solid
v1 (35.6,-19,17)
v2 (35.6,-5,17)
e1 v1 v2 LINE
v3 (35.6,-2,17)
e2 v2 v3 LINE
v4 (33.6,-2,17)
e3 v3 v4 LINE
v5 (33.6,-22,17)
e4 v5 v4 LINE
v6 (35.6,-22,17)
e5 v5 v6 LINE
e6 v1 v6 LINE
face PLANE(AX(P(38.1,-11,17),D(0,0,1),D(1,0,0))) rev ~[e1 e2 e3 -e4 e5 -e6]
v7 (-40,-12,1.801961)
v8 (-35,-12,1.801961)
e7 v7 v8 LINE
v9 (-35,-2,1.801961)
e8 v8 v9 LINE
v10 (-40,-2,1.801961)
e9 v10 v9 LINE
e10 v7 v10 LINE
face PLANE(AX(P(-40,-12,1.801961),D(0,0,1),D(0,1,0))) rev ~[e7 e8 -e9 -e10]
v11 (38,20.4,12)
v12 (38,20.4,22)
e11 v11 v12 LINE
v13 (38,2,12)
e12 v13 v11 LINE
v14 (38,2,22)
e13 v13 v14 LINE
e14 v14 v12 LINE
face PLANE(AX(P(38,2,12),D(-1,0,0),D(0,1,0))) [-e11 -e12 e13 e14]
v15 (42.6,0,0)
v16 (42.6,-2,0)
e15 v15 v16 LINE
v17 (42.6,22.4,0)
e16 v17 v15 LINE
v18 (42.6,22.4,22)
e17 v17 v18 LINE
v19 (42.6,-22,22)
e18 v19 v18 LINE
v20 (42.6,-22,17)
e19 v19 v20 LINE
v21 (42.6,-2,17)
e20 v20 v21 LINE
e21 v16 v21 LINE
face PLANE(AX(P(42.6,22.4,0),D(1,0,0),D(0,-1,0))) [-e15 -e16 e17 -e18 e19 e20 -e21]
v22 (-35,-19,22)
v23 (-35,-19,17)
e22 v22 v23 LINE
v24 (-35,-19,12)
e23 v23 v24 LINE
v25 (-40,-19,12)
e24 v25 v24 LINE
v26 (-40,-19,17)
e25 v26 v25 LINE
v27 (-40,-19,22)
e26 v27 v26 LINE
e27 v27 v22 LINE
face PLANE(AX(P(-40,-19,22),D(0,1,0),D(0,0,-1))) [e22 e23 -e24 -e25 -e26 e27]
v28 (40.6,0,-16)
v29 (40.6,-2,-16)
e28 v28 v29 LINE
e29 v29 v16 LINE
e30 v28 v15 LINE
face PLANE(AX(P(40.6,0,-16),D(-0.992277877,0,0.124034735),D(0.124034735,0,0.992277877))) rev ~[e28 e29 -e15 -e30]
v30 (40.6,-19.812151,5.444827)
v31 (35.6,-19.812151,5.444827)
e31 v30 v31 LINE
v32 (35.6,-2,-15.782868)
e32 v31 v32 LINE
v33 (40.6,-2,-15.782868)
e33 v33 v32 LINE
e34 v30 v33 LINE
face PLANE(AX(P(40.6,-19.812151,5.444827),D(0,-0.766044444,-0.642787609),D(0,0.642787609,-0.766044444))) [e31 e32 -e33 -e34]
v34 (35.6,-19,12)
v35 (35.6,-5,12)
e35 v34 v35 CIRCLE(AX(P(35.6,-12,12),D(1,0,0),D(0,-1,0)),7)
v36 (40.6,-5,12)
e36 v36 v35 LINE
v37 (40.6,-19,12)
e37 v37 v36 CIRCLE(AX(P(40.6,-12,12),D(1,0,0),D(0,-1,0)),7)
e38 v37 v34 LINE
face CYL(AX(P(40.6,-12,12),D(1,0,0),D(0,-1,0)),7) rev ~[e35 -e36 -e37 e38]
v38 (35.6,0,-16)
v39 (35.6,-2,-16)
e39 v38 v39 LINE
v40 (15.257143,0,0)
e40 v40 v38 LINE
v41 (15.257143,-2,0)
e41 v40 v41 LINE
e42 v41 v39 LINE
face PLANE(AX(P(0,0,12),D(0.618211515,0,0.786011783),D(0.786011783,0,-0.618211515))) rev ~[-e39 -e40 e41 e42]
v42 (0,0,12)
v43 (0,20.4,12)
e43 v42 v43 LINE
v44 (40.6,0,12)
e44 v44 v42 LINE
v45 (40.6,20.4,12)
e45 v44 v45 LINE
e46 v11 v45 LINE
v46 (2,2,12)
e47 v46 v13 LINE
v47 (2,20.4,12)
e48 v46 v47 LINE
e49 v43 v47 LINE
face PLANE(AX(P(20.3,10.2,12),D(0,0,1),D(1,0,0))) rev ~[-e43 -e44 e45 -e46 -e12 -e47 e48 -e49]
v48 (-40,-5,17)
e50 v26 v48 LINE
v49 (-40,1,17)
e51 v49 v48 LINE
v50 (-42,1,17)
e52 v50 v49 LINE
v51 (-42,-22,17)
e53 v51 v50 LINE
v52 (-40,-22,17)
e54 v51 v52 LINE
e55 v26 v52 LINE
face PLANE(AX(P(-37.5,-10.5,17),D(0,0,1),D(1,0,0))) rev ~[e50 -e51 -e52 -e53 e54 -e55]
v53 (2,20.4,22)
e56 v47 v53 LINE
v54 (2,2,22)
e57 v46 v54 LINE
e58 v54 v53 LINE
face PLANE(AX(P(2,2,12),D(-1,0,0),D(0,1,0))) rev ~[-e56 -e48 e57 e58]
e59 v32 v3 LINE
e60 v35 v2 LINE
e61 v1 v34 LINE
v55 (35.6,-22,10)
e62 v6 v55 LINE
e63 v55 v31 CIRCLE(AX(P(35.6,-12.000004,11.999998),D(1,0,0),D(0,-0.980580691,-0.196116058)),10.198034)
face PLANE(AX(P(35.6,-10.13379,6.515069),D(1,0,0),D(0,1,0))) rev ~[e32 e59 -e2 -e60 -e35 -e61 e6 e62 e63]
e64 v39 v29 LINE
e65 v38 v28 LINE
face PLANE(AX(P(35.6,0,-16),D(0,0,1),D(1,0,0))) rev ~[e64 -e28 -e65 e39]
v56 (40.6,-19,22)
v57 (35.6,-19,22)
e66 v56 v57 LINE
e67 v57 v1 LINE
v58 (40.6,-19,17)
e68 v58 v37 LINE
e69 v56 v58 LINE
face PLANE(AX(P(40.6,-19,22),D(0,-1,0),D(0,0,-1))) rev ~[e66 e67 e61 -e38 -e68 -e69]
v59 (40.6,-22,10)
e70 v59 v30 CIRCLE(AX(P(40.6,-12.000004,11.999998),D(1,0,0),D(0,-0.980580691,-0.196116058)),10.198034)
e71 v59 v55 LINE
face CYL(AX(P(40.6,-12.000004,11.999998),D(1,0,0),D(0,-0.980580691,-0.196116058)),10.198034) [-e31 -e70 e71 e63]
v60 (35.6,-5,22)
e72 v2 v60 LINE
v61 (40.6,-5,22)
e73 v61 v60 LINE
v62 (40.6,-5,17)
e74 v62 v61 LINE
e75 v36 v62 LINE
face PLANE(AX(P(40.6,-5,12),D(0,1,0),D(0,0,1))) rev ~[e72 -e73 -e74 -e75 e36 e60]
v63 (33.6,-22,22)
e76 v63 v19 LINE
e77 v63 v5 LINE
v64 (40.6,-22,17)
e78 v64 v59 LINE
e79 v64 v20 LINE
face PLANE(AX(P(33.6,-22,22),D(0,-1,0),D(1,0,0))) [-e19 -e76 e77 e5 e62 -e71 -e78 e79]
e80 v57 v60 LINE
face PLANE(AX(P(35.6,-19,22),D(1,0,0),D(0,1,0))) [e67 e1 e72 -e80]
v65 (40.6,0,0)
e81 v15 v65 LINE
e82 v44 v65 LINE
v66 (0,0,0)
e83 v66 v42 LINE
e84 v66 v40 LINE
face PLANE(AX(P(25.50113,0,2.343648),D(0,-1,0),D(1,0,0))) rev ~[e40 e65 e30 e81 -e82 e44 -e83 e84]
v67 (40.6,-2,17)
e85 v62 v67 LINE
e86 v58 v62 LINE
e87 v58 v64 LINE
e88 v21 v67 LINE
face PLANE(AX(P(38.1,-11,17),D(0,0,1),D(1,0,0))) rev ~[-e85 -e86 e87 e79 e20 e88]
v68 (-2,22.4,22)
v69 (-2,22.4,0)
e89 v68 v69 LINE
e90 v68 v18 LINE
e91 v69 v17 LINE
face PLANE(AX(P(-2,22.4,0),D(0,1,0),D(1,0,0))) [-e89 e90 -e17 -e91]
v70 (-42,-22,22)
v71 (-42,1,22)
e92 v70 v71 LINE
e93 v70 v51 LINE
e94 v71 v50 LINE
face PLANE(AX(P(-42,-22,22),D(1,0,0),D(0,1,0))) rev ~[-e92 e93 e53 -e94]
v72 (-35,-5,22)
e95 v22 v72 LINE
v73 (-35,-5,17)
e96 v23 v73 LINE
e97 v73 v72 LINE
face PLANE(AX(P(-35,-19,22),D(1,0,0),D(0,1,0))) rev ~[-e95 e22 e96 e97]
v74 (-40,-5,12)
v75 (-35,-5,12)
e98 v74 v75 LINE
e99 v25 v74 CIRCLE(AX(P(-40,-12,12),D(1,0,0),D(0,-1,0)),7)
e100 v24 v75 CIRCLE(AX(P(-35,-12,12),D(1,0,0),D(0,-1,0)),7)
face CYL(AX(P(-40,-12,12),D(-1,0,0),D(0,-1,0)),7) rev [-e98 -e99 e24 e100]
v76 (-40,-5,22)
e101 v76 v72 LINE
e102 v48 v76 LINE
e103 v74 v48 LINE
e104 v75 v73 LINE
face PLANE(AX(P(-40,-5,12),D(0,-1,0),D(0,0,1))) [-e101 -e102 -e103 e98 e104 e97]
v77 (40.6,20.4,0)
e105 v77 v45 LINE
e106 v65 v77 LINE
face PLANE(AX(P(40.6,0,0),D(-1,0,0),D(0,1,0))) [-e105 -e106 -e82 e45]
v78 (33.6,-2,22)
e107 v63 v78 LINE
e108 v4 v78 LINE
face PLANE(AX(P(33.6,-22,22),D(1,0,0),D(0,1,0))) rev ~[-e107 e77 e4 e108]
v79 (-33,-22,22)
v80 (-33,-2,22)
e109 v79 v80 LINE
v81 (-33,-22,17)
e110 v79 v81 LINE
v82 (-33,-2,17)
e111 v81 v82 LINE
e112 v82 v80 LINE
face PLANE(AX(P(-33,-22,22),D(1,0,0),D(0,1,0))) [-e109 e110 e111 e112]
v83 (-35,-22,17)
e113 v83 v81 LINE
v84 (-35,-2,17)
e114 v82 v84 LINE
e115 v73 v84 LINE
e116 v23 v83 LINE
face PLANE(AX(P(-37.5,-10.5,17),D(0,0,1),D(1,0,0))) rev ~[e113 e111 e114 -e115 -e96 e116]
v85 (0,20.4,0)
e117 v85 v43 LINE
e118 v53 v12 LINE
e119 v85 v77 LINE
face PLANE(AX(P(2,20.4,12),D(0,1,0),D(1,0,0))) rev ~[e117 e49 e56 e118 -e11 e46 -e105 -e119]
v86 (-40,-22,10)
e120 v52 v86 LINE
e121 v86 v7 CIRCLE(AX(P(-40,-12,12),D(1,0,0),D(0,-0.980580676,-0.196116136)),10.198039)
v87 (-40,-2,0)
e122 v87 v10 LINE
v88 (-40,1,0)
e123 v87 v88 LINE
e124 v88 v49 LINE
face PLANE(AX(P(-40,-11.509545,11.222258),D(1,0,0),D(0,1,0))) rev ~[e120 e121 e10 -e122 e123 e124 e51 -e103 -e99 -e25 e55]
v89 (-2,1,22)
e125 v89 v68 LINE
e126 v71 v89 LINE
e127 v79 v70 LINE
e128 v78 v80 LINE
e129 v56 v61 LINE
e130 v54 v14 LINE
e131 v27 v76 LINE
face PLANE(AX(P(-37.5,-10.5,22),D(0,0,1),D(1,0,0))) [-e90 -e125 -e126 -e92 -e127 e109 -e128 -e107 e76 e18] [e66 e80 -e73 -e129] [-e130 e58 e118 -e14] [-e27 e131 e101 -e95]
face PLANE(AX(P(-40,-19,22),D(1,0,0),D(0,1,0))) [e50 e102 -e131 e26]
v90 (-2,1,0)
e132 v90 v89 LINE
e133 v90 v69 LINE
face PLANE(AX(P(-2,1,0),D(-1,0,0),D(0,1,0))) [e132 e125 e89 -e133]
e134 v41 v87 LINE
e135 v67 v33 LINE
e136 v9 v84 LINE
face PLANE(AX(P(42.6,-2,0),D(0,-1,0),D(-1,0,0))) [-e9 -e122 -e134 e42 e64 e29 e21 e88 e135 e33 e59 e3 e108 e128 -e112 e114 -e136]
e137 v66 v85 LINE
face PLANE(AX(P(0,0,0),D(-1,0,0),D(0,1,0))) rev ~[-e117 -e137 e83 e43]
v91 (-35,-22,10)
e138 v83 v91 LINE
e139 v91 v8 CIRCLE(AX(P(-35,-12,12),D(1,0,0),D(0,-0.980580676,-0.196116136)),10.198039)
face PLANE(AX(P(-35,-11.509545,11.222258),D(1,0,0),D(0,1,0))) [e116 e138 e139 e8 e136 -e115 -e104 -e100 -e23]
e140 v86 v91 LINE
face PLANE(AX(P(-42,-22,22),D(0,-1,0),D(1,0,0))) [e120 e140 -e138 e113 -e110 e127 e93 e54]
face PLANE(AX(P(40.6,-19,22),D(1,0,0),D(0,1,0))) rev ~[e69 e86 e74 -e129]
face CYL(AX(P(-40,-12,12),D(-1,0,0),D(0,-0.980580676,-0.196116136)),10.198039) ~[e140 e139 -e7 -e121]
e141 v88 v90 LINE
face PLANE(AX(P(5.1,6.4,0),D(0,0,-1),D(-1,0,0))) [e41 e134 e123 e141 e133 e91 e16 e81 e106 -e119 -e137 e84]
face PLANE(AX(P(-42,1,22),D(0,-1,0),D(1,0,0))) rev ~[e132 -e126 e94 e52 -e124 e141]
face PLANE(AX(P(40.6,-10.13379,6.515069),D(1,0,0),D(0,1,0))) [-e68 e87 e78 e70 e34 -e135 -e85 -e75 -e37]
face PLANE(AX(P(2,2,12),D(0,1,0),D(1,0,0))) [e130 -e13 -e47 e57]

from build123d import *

# Parameters (mm, degrees)
SKETCH014_W   = 40.6
SKETCH014_H   = 20.4
PAD013_DEPTH  = 22
PAD014_DEPTH  = 2
PAD012_DEPTH  = 5
SKETCH016_W   = 9
SKETCH016_H   = 22
SKETCH016_W_2 = 5
SKETCH016_H_2 = 17
PAD015_DEPTH  = 5
SKETCH017_W   = 44.6
SKETCH017_H   = 24.4
SKETCH017_W_2 = 36
SKETCH017_H_2 = 18.4
PAD016_DEPTH  = 10
PAD017_DEPTH  = 5
SKETCH019_W   = 9
SKETCH019_H   = 23
SKETCH019_W_2 = 5
SKETCH019_H_2 = 17
PAD018_DEPTH  = 5


with BuildPart() as part:
    # Sketch014 → Pad013 (new body)
    with BuildSketch(Plane.XY):
        Polygon((-2, 22.4), (42.6, 22.4), (42.6, -2), (-40, -2), (-40, 1), (-2, 1), align=None)
        with Locations((20.3, 10.2)):
            Rectangle(SKETCH014_W, SKETCH014_H, mode=Mode.SUBTRACT)
    extrude(amount=PAD013_DEPTH)

    # Sketch015 → Pad014 (join)
    with BuildSketch(Plane.XZ):
        Polygon((0, 12), (35.6, -16), (40.6, -16), (42.6, 0), (42.6, 12), align=None)
    extrude(amount=PAD014_DEPTH)

    # Sketch013 → Pad012 (join)
    with BuildSketch(Plane(origin=(40.6, 0, 10), x_dir=(0, 1, 0), z_dir=(1, 0, 0))):
        with BuildLine():
            Line((-22, 12), (-22, 0))
            ThreePointArc((-22, 0), (-21.192692, -2.415248), (-19.812151, -4.555173))
            Line((-19.812151, -4.555173), (-2, -25.782868))
            Line((-2, -25.782868), (-2, 2))
            Line((-2, 12), (-2, 2))
            Line((-5, 12), (-2, 12))
            Line((-5, 2), (-5, 12))
            ThreePointArc((-19, 2), (-12, -5), (-5, 2))
            Line((-19, 12), (-19, 2))
            Line((-22, 12), (-19, 12))
        make_face()
    extrude(amount=-PAD012_DEPTH)

    # Sketch016 → Pad015 (join)
    with BuildSketch(Plane(origin=(35.6, 0, 22), x_dir=(1, 0, 0), z_dir=(0, 0, 1))):
        with Locations((2.5, -11)):
            Rectangle(SKETCH016_W, SKETCH016_H)
        with Locations((2.5, -10.5)):
            Rectangle(SKETCH016_W_2, SKETCH016_H_2, mode=Mode.SUBTRACT)
    extrude(amount=-PAD015_DEPTH)

    # Sketch017 → Pad016 (join)
    with BuildSketch(Plane.XY.offset(12)):
        with Locations((20.3, 10.2)):
            Rectangle(SKETCH017_W, SKETCH017_H)
        with Locations((20, 11.2)):
            Rectangle(SKETCH017_W_2, SKETCH017_H_2, mode=Mode.SUBTRACT)
    extrude(amount=PAD016_DEPTH)

    # Sketch018 → Pad017 (join)
    with BuildSketch(Plane(origin=(-40, 0, 10), x_dir=(0, 1, 0), z_dir=(1, 0, 0))):
        with BuildLine():
            Line((-22, 12), (-22, 0))
            ThreePointArc((-22, 0), (-18.465444, -5.886573), (-12, -8.198039))
            Line((-12, -8.198039), (-2, -8.198039))
            Line((-2, -8.198039), (-2, 2))
            Line((-2, 12), (-2, 2))
            Line((-5, 12), (-2, 12))
            Line((-5, 2), (-5, 12))
            ThreePointArc((-19, 2), (-12, -5), (-5, 2))
            Line((-19, 12), (-19, 2))
            Line((-22, 12), (-19, 12))
        make_face()
    extrude(amount=PAD017_DEPTH)

    # Sketch019 → Pad018 (join)
    with BuildSketch(Plane(origin=(-40, 0, 22), x_dir=(1, 0, 0), z_dir=(0, 0, 1))):
        with Locations((2.5, -10.5)):
            Rectangle(SKETCH019_W, SKETCH019_H)
        with Locations((2.5, -10.5)):
            Rectangle(SKETCH019_W_2, SKETCH019_H_2, mode=Mode.SUBTRACT)
    extrude(amount=-PAD018_DEPTH)


solid = part.part
